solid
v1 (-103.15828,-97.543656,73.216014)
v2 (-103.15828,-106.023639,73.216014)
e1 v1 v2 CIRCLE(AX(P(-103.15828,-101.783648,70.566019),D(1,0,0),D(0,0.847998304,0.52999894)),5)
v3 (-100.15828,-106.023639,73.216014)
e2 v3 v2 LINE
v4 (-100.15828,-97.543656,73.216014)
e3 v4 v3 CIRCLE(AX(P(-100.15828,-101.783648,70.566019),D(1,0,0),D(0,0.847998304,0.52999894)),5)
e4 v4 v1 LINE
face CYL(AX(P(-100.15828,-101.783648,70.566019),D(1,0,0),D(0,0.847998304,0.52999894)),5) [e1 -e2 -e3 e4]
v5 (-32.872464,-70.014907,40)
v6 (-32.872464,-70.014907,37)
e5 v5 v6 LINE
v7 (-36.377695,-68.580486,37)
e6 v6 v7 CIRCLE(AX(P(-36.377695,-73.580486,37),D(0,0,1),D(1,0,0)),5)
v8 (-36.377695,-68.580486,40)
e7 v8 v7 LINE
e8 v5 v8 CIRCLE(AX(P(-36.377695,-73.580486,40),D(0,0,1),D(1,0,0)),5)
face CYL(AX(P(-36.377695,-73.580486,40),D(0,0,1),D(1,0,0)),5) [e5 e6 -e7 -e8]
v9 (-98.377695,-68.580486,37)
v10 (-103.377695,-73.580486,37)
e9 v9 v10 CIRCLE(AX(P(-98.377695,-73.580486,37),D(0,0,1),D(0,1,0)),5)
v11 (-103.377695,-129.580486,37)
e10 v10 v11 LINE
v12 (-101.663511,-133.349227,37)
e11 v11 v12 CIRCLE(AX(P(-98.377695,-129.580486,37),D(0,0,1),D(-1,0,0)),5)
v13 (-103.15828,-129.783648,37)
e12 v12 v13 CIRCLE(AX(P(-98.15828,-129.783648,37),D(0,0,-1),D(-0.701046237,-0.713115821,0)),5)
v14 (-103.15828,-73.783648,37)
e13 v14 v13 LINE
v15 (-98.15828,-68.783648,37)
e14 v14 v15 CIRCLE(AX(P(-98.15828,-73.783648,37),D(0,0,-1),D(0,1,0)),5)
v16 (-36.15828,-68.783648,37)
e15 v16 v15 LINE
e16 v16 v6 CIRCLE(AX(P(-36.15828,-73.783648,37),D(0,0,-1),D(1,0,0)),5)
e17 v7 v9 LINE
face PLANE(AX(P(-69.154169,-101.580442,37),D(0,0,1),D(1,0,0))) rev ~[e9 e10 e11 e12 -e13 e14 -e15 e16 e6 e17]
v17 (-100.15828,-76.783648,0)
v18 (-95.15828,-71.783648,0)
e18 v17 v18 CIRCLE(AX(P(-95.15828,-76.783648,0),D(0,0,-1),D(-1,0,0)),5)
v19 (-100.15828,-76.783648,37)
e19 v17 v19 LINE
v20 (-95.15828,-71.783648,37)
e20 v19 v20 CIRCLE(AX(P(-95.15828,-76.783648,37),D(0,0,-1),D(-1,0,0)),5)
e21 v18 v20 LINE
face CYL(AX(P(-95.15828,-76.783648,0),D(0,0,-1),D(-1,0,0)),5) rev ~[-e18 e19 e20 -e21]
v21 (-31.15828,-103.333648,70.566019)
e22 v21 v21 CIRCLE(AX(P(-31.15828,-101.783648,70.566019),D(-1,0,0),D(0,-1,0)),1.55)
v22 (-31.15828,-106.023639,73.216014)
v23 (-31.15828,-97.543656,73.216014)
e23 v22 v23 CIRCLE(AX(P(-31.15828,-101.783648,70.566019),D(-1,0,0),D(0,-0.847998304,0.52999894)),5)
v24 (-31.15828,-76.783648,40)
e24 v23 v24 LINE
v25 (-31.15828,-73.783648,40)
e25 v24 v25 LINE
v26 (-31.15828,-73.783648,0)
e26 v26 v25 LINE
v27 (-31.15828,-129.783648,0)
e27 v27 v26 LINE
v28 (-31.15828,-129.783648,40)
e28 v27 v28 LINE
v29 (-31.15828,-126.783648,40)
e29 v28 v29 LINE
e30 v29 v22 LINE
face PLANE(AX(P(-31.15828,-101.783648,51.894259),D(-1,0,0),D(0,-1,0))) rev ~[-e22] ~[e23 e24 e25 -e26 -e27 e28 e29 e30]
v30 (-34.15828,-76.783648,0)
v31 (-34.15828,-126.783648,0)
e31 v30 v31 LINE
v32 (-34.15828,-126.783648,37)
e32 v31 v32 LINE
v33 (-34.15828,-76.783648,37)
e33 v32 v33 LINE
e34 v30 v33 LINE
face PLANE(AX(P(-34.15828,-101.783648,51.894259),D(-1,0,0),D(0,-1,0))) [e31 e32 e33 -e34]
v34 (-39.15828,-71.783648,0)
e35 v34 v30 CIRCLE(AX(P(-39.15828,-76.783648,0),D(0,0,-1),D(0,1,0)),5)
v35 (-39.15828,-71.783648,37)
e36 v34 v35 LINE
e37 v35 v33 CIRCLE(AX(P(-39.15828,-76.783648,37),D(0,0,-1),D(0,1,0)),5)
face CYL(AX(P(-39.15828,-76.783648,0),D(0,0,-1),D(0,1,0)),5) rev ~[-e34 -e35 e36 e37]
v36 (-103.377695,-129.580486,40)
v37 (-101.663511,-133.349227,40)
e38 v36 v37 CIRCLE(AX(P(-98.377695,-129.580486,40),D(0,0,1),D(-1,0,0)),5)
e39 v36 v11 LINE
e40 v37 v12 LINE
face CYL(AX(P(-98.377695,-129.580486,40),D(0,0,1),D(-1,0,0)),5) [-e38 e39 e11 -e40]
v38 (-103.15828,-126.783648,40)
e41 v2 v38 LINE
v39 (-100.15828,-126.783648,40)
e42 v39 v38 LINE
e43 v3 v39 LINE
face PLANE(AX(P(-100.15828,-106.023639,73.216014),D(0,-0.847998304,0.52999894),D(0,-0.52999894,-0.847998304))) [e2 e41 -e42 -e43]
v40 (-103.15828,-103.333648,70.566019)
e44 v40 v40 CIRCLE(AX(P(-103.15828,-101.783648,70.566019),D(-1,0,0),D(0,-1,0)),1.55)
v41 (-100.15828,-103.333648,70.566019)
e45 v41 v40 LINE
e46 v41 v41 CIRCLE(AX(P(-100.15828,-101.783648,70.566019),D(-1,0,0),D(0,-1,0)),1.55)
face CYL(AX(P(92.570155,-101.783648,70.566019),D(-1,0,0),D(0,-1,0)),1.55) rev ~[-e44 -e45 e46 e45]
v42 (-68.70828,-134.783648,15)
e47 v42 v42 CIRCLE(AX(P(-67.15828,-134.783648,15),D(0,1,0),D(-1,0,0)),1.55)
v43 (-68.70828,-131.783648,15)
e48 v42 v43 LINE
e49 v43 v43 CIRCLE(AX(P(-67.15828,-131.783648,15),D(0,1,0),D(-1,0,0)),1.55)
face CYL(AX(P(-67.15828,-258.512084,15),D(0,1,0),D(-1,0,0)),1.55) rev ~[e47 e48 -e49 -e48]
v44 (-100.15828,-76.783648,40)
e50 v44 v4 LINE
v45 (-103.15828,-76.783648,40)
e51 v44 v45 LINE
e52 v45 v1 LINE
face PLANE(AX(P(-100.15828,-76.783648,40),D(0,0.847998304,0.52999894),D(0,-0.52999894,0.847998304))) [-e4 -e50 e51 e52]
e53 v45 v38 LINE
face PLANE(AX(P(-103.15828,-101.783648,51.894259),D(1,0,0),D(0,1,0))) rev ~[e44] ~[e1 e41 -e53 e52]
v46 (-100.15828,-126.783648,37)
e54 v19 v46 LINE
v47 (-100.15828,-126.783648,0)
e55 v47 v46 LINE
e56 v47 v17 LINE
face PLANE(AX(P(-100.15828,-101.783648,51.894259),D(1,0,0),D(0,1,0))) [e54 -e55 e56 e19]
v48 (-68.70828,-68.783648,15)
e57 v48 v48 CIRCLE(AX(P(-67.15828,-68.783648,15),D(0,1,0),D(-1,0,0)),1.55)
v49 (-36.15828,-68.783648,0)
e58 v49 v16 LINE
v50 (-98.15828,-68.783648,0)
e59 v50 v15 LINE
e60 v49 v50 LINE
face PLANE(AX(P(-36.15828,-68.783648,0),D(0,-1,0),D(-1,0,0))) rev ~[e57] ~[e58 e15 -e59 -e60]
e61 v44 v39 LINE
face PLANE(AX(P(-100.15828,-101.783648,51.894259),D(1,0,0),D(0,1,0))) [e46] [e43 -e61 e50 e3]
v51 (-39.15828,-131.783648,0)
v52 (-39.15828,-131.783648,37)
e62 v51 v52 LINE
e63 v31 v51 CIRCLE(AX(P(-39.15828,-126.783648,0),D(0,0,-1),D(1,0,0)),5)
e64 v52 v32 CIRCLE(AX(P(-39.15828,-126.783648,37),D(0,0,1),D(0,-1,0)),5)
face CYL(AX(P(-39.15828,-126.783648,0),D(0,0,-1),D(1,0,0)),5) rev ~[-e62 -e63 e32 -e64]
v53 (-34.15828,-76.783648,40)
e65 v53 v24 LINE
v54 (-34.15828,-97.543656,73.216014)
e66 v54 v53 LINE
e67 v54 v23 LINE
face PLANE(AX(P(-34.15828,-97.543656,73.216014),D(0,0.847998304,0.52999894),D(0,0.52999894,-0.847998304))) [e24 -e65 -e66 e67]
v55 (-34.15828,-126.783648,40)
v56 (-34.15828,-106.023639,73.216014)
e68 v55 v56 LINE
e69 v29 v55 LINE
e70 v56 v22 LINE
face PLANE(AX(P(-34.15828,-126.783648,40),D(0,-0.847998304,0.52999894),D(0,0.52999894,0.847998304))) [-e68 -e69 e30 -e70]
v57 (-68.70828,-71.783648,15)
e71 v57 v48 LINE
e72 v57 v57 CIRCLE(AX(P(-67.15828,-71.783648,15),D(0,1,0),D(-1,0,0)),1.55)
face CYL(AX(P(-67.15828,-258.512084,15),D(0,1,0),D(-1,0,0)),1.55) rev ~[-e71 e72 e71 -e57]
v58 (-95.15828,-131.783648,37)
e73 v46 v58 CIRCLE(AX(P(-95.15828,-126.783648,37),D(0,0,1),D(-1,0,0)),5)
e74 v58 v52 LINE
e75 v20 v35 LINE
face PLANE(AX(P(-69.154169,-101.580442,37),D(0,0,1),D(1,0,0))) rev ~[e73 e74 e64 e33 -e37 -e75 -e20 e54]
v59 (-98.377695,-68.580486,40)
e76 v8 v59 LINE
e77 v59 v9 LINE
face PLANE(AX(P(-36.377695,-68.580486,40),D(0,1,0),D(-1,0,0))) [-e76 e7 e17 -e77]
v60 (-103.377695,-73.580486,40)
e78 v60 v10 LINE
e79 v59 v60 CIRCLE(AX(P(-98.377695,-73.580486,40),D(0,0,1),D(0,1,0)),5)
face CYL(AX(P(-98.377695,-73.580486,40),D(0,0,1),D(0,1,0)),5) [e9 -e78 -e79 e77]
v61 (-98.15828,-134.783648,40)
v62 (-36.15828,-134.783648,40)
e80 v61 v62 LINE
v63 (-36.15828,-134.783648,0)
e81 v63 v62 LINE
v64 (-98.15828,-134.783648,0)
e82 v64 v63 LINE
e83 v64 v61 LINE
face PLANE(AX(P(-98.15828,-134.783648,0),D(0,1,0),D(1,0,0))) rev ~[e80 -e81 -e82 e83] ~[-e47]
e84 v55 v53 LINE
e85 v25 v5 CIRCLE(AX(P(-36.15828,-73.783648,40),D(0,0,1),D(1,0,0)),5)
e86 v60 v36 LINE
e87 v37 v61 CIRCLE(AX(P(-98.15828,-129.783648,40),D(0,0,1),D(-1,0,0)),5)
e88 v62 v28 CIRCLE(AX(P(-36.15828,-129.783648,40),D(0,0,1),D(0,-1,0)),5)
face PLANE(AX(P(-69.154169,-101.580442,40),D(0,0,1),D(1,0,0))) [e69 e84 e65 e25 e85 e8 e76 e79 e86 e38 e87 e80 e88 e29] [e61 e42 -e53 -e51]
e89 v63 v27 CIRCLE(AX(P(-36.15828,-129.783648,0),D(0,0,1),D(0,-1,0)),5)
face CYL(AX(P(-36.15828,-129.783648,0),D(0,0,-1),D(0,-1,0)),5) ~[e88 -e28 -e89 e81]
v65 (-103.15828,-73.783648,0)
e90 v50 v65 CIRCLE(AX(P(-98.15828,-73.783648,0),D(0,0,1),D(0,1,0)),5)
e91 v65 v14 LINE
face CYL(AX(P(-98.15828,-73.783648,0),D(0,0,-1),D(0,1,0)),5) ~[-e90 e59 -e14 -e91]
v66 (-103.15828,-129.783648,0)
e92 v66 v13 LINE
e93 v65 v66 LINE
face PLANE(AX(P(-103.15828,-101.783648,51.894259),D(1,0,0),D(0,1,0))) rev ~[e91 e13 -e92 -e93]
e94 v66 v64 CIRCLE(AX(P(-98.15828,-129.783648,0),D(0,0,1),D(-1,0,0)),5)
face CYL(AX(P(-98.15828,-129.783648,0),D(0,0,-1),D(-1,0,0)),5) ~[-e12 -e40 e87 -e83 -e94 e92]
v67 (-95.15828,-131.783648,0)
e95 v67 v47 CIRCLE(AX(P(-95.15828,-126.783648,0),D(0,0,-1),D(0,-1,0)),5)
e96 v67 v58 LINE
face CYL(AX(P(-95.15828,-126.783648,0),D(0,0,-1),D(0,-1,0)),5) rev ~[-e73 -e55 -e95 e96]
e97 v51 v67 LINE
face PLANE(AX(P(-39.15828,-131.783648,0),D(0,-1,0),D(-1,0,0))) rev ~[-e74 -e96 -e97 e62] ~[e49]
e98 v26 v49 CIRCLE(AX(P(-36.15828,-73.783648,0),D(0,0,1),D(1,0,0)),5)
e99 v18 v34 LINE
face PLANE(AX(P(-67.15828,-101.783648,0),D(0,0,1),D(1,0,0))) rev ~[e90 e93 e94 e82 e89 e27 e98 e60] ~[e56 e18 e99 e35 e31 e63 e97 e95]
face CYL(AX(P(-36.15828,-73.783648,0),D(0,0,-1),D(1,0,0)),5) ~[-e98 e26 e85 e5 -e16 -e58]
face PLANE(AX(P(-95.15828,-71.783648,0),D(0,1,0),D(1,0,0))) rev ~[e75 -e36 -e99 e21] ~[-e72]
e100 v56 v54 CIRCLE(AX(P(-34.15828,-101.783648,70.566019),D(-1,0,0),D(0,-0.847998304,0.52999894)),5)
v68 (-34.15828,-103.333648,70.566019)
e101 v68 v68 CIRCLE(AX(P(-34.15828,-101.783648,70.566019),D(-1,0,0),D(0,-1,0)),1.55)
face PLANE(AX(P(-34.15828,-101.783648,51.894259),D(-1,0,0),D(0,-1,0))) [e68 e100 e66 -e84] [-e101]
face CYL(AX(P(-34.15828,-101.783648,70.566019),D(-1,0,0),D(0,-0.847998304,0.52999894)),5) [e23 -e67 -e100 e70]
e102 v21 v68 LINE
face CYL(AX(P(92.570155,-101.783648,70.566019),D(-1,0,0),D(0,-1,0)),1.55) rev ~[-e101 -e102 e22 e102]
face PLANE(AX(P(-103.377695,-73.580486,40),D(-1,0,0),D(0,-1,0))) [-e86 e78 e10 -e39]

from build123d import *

# Parameters (mm, degrees)
F1_DEPTH = 40
F3_DEPTH = 3
F5_DEPTH = 3
F7_DEPTH = 3
F9_D     = 3.1
F11_D    = 3.1


with BuildPart() as f1:
    # F0 (on Top) → F1 (new body)
    with BuildSketch(Plane.XY):
        with BuildLine():
            ThreePointArc((-98.1582802534, -68.7836479545), (-101.6938141593, -70.2481140485), (-103.1582802534, -73.7836479545))
            Line((-103.1582802534, -73.7836479545), (-103.1582802534, -129.7836479545))
            ThreePointArc((-103.1582802534, -129.7836479545), (-101.6938141593, -133.3191818604), (-98.1582802534, -134.7836479545))
            Line((-98.1582802534, -134.7836479545), (-36.1582802534, -134.7836479545))
            ThreePointArc((-36.1582802534, -134.7836479545), (-32.6227463475, -133.3191818604), (-31.1582802534, -129.7836479545))
            Line((-31.1582802534, -129.7836479545), (-31.1582802534, -73.7836479545))
            ThreePointArc((-31.1582802534, -73.7836479545), (-32.6227463475, -70.2481140485), (-36.1582802534, -68.7836479545))
            Line((-36.1582802534, -68.7836479545), (-98.1582802534, -68.7836479545))
        make_face()
        with BuildLine():
            ThreePointArc((-100.1582802534, -76.7836479545), (-98.6938141593, -73.2481140485), (-95.1582802534, -71.7836479545))
            Line((-95.1582802534, -71.7836479545), (-39.1582802534, -71.7836479545))
            ThreePointArc((-39.1582802534, -71.7836479545), (-35.6227463475, -73.2481140485), (-34.1582802534, -76.7836479545))
            Line((-34.1582802534, -76.7836479545), (-34.1582802534, -126.7836479545))
            ThreePointArc((-34.1582802534, -126.7836479545), (-35.6227463475, -130.3191818604), (-39.1582802534, -131.7836479545))
            Line((-39.1582802534, -131.7836479545), (-95.1582802534, -131.7836479545))
            ThreePointArc((-95.1582802534, -131.7836479545), (-98.6938141593, -130.3191818604), (-100.1582802534, -126.7836479545))
            Line((-100.1582802534, -126.7836479545), (-100.1582802534, -76.7836479545))
        make_face(mode=Mode.SUBTRACT)
    extrude(amount=F1_DEPTH)

    # F2 (on face) → F3 (join)
    with BuildSketch(Plane.YZ.offset(-100.1582802534)):
        with BuildLine():
            Line((-106.0236394745, 73.216013568), (-126.7836479545, 40))
            Line((-126.7836479545, 40), (-76.7836479545, 40))
            Line((-76.7836479545, 40), (-97.5436564344, 73.216013568))
            ThreePointArc((-97.5436564344, 73.216013568), (-101.7836479545, 75.5660188679), (-106.0236394745, 73.216013568))
        make_face()
    extrude(amount=-F3_DEPTH)

    # F4 (on face) → F5 (join)
    with BuildSketch(Plane(origin=(-34.1582802534, 0, 0), x_dir=(0, -1, 0), z_dir=(-1, 0, 0))):
        with BuildLine():
            Line((97.5436564344, 73.216013568), (76.7836479545, 40))
            Line((76.7836479545, 40), (80.8389559388, 40))
            Line((80.8389559388, 40), (126.7836479545, 40))
            Line((126.7836479545, 40), (106.0236394745, 73.216013568))
            ThreePointArc((106.0236394745, 73.216013568), (101.7836479545, 75.5660188679), (97.5436564344, 73.216013568))
        make_face()
    extrude(amount=-F5_DEPTH)

    # F6 (on face) → F7 (join)
    with BuildSketch(Plane.XY.offset(40)):
        with BuildLine():
            Line((-36.3776951637, -68.5804857016), (-98.3776951637, -68.5804857016))
            ThreePointArc((-98.3776951637, -68.5804857016), (-101.9132290697, -70.0449517956), (-103.3776951637, -73.5804857016))
            Line((-103.3776951637, -73.5804857016), (-103.3776951637, -129.5804857016))
            ThreePointArc((-103.3776951637, -129.5804857016), (-102.9290181233, -131.6506207979), (-101.6635114368, -133.349227059))
            ThreePointArc((-101.6635114368, -133.349227059), (-102.7694707676, -131.716759964), (-103.1582802534, -129.7836479545))
            Line((-103.1582802534, -129.7836479545), (-103.1582802534, -126.7836479545))
            Line((-103.1582802534, -126.7836479545), (-100.1582802534, -126.7836479545))
            ThreePointArc((-100.1582802534, -126.7836479545), (-98.6938141593, -130.3191818604), (-95.1582802534, -131.7836479545))
            Line((-95.1582802534, -131.7836479545), (-39.1582802534, -131.7836479545))
            ThreePointArc((-39.1582802534, -131.7836479545), (-35.6227463475, -130.3191818604), (-34.1582802534, -126.7836479545))
            Line((-34.1582802534, -126.7836479545), (-31.3776951637, -126.7836479545))
            Line((-31.3776951637, -126.7836479545), (-31.3776951637, -73.5804857016))
            ThreePointArc((-31.3776951637, -73.5804857016), (-32.8421612578, -70.0449517956), (-36.3776951637, -68.5804857016))
        make_face()
    extrude(amount=-F7_DEPTH)

    # F9 (through all)
    with Locations(Plane.YZ.offset(-31.1582802534)):
        with Locations((-101.7836479545, 70.5660188679)):
            Hole(F9_D / 2)

    # F11 (through all)
    with Locations(Plane.XZ.offset(134.7836479545)):
        with Locations((-67.1582802534, 15)):
            Hole(F11_D / 2)


solid = f1.part
